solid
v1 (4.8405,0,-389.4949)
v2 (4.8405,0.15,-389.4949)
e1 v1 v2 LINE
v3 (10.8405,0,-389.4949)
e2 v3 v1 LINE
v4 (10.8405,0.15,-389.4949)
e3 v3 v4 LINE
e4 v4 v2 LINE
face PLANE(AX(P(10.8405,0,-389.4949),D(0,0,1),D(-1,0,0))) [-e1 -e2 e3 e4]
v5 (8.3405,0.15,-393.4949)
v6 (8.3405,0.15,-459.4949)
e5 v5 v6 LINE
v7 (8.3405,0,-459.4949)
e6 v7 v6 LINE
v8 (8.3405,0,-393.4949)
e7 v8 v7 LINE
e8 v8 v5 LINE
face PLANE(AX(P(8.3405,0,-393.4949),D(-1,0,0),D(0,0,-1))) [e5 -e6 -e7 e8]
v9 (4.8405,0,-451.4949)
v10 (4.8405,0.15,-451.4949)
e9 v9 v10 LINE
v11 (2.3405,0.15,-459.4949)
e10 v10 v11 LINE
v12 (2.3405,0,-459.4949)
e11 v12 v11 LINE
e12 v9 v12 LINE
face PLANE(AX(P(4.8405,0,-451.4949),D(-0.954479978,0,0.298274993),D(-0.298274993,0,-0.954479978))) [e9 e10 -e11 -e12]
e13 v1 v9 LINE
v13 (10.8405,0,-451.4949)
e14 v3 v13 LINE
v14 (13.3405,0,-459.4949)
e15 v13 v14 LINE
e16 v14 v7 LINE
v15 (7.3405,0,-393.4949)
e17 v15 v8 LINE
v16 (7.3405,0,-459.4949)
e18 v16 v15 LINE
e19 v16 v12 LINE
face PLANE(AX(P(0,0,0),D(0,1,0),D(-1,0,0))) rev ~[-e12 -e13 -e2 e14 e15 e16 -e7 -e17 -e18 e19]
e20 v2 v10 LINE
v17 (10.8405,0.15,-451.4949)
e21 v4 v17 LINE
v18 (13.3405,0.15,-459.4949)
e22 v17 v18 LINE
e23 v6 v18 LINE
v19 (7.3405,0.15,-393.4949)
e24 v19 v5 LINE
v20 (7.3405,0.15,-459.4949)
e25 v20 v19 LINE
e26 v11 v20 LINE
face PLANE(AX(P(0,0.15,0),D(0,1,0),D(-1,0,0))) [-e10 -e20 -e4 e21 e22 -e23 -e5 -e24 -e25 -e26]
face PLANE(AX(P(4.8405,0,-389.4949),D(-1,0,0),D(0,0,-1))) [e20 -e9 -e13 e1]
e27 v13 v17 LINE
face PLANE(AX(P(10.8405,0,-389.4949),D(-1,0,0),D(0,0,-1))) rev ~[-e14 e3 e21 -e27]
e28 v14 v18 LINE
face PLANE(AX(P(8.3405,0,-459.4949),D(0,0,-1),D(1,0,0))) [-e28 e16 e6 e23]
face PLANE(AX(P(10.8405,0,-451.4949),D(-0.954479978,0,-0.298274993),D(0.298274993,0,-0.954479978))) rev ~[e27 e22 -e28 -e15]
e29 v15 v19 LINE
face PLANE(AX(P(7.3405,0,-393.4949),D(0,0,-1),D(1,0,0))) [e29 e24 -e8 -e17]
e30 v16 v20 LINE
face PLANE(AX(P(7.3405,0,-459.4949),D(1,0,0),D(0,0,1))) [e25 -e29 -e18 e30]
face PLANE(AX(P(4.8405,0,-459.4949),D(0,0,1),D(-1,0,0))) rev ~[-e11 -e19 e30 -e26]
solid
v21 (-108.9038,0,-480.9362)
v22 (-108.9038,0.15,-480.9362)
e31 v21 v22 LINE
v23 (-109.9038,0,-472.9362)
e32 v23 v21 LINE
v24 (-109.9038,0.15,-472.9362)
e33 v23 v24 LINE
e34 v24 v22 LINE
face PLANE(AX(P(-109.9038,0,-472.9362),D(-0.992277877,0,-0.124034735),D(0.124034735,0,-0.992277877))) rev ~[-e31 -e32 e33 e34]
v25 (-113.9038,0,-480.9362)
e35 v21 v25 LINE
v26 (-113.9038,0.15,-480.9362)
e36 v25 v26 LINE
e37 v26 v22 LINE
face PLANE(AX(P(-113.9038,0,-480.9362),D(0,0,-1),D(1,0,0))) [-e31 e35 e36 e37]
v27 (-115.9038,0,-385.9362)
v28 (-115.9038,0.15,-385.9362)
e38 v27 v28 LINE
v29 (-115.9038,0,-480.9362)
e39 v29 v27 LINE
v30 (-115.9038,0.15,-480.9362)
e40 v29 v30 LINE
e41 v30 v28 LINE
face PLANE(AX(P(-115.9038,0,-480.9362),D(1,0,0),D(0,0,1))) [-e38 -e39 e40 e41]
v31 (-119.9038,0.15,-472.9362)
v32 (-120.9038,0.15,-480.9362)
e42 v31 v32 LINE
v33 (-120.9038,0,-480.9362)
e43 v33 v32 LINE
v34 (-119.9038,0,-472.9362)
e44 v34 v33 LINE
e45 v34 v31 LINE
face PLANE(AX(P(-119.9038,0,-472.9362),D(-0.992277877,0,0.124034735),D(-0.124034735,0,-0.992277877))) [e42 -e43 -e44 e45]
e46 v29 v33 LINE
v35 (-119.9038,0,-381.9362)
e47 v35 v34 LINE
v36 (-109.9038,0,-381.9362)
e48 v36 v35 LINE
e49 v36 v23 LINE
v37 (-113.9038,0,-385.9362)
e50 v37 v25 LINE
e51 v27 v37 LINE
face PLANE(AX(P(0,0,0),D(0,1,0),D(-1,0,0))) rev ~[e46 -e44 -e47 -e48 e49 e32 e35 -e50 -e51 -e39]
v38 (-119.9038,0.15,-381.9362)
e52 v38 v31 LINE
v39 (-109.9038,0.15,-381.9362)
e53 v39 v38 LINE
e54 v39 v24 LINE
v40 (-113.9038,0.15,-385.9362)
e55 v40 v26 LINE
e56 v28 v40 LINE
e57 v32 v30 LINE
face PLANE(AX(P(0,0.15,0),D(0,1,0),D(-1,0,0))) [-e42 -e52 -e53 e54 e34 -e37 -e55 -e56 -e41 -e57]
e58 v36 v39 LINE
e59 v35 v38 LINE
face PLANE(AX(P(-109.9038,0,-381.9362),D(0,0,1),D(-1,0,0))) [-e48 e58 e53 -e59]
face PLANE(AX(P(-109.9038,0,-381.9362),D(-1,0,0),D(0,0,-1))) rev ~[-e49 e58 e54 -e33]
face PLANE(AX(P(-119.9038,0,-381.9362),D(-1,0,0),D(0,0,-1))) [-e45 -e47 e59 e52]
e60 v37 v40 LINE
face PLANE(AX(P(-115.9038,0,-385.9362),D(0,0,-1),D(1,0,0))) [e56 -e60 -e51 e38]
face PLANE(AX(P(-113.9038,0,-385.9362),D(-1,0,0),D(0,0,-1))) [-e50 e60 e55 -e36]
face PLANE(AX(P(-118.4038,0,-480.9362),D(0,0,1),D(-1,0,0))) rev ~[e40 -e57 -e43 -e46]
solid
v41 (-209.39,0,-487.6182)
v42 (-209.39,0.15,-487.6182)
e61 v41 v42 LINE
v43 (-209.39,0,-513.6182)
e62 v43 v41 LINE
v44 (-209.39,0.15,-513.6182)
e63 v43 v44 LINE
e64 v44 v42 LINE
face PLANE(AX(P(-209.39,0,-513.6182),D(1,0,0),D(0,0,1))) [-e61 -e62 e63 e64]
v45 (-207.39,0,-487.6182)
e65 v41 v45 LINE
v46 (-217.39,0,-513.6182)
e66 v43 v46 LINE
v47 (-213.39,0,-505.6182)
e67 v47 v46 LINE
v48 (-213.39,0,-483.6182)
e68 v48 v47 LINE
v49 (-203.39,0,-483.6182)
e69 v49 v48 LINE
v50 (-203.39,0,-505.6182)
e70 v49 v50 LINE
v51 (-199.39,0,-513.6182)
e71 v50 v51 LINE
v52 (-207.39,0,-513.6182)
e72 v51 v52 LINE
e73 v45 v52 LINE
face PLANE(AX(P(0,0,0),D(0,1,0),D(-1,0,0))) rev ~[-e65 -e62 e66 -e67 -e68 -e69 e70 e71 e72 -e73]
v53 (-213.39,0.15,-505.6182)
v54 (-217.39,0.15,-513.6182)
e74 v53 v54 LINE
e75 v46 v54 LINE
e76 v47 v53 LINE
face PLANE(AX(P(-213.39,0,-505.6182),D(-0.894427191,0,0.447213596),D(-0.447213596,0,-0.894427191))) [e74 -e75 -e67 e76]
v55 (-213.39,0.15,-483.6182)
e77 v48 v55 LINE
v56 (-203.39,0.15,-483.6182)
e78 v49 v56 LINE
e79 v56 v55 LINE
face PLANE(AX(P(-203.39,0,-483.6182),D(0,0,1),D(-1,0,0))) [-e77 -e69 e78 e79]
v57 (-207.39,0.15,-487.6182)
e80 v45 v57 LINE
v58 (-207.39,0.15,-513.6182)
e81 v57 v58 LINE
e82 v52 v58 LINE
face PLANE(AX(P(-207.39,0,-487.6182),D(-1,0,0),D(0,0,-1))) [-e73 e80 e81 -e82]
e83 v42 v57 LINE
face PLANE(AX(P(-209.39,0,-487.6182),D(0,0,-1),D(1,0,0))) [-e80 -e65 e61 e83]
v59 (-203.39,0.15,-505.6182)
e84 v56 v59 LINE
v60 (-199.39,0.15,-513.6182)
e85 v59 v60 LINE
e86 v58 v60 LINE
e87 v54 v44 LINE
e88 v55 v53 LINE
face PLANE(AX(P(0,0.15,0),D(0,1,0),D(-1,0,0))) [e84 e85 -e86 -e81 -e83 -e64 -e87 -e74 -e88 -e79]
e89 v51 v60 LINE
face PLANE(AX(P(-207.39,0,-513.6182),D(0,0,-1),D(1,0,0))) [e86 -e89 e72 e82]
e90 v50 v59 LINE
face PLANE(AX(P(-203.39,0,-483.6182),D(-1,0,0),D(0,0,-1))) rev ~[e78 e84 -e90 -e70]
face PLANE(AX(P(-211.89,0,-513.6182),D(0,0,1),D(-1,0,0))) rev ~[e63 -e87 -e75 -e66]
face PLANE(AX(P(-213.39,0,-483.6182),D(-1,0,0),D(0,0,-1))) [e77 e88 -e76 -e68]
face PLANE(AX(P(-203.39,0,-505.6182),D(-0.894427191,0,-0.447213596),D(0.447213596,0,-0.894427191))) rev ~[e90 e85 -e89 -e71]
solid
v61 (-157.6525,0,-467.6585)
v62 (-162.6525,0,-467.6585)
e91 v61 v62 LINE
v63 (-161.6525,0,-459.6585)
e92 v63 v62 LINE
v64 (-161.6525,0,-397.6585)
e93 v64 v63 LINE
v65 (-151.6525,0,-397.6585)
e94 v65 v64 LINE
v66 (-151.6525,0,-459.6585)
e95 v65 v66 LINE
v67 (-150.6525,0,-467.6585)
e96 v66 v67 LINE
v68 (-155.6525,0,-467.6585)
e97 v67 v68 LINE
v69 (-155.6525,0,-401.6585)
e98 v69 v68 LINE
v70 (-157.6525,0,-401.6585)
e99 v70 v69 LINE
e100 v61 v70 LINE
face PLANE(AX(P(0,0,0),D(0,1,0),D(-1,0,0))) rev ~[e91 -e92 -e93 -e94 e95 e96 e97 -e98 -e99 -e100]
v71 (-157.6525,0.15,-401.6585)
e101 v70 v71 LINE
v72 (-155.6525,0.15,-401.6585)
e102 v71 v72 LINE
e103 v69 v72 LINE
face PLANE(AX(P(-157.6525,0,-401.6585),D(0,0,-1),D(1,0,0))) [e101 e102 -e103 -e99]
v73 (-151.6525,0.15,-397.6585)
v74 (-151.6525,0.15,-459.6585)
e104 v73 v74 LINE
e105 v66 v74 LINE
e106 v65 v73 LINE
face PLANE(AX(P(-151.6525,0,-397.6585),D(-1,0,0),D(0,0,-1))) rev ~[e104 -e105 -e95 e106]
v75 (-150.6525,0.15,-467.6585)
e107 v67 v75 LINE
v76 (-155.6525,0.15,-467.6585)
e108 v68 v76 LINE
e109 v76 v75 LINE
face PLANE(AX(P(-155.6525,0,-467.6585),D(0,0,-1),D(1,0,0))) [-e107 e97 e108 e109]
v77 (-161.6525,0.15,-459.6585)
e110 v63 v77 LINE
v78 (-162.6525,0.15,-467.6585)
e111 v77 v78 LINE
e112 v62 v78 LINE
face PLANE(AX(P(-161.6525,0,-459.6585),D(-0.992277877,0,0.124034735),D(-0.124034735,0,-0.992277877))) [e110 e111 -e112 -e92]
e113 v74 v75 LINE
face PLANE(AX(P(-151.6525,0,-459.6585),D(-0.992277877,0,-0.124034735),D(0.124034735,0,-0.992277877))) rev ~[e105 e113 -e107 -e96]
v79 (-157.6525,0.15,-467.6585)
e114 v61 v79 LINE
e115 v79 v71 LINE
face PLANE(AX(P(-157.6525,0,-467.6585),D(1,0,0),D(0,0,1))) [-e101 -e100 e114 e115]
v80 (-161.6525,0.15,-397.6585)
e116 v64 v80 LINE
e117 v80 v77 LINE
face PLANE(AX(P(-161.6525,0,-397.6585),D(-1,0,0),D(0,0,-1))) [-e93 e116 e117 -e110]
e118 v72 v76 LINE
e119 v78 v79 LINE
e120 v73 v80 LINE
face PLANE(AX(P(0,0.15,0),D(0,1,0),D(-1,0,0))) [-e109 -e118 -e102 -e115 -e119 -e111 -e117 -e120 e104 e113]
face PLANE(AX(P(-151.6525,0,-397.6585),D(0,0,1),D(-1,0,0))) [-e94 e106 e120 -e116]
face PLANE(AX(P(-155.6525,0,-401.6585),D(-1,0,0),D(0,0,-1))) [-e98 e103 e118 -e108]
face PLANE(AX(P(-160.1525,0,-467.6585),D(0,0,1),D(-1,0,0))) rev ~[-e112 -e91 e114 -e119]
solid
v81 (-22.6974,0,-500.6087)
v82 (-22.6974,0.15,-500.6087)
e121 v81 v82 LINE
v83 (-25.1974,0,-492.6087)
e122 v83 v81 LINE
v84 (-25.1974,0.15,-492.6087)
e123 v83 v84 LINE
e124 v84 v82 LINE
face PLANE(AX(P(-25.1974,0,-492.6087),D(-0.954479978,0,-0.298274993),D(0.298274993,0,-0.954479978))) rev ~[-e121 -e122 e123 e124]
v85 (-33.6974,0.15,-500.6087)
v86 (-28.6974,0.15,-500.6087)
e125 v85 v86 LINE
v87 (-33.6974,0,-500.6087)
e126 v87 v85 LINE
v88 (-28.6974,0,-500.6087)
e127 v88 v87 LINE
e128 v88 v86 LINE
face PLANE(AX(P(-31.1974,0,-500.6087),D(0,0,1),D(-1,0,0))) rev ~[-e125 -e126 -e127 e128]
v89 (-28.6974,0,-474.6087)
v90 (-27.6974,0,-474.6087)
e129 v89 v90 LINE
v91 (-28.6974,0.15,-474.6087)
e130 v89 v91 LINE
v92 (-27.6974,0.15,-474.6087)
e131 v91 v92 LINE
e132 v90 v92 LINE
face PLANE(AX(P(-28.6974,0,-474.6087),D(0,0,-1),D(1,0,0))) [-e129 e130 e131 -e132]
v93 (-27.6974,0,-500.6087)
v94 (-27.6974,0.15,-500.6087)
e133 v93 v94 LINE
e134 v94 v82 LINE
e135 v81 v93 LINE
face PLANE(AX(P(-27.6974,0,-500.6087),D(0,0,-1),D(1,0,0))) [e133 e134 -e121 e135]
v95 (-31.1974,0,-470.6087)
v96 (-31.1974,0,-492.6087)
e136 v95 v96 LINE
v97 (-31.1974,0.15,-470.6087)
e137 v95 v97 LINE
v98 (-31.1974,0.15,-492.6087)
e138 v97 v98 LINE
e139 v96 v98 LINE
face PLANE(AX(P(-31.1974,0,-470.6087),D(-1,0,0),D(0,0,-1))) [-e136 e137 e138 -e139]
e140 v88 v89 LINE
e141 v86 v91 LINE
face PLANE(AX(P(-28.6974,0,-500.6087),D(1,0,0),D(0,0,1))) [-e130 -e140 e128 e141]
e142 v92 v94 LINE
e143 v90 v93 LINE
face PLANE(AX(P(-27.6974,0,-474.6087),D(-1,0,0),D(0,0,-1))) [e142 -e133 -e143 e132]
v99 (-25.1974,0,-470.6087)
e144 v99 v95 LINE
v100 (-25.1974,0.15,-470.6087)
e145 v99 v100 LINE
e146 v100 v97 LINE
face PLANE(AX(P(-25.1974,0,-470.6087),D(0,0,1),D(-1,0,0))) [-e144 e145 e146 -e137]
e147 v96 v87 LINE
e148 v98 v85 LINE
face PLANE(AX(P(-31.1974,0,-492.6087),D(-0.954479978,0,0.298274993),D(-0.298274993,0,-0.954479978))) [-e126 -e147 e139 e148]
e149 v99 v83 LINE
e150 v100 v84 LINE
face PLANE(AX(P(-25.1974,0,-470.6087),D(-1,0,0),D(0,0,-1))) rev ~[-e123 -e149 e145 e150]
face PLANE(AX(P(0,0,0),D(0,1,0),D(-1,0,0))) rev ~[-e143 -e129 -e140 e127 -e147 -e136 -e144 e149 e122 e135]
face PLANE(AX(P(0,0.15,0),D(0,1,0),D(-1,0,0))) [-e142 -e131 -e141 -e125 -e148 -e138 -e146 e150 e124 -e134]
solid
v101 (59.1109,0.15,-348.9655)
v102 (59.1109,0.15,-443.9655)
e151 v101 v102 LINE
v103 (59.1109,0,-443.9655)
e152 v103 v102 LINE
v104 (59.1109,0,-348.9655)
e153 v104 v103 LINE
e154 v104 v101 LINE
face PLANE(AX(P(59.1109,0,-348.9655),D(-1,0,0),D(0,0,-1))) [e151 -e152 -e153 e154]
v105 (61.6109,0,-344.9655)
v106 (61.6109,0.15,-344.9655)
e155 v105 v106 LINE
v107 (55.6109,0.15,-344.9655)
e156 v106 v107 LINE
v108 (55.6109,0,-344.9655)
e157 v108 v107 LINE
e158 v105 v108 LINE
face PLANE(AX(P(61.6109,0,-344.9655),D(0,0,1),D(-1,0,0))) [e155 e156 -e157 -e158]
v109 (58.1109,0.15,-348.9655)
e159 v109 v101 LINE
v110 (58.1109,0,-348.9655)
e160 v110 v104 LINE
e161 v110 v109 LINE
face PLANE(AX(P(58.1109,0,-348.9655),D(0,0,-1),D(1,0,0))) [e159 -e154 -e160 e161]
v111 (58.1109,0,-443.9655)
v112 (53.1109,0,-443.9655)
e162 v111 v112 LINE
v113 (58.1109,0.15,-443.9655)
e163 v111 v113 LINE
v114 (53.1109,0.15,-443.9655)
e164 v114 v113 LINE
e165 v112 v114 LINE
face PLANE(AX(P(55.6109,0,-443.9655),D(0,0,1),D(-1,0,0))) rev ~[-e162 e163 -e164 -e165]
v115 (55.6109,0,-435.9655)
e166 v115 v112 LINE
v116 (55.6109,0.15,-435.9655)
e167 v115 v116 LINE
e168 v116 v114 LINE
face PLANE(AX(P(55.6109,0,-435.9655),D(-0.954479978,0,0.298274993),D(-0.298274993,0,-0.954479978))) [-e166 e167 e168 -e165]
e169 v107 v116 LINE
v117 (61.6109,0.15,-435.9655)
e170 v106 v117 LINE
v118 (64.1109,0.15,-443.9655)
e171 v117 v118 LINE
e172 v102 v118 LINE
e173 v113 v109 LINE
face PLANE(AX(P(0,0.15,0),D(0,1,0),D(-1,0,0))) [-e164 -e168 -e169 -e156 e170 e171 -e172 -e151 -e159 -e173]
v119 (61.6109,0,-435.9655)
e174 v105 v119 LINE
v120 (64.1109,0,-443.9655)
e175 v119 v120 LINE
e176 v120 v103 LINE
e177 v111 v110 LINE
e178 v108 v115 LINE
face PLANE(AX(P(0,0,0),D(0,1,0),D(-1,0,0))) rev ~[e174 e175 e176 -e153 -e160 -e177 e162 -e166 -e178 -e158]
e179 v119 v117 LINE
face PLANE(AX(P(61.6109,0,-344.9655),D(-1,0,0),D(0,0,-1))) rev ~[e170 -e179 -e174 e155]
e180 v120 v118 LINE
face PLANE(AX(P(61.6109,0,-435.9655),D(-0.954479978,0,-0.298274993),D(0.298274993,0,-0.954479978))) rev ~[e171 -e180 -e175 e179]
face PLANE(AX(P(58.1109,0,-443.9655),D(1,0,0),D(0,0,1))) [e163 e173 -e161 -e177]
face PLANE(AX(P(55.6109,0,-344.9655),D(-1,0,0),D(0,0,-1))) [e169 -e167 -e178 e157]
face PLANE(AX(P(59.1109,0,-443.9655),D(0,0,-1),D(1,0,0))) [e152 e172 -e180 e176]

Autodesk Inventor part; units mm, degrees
ref_plane "YZ Plane" through (0, 0, 0) normal (1, 0, 0) x (0, 1, 0)
ref_plane "XZ Plane" through (0, 0, 0) normal (0, 1, 0) x (-1, 0, 0)
ref_plane "XY Plane" through (0, 0, 0) normal (0, 0, 1) x (1, 0, 0)
sketch "Schizzo1" plane through (0, 0, 0) normal (0, 1, 0) x (-1, 0, 0)
  line L0 (-103.5, 44) -> (-103.5, -44)
  line L1 (-103.5, 44) -> (12.5, 44)
  line L2 (12.5, 44) -> (12.5, -44)
  line L3 (12.5, -44) -> (-103.5, -44)
  line L4 (-103.5, -44) -> (-103.5, 44)
  line L5 (96.5, 22) -> (12.5, 22)
  line L6 (-103.5, 44) -> (81.5, 44)
  line L7 (81.5, 44) -> (81.5, 22)
  line L8 (81.5, 0) -> (81.5, -22)
  line L9 (-103.5, -44) -> (60.5, -44)
  line L10 (60.5, -44) -> (60.5, -22)
  line L11 (96.5, 22) -> (96.5, 0)
  line L12 (81.5, -22) -> (60.5, -22)
  line L13 (12.5, -22) -> (60.5, -22)
  line L14 (96.5, 0) -> (12.5, 0)
  line L15 (-61.6109, -344.9655) -> (-55.6109, -344.9655)
  line L16 (-58.1109, -443.9655) -> (-58.1109, -348.9655)
  line L17 (-58.1109, -348.9655) -> (-59.1109, -348.9655)
  line L18 (-59.1109, -348.9655) -> (-59.1109, -443.9655)
  line L19 (-61.6109, -435.9655) -> (-64.1109, -443.9655)
  line L20 (-59.7734, -443.9655) -> (-64.1109, -443.9655)
  line L21 (-55.6109, -443.9655) -> (-53.1109, -443.9655)
  line L22 (-61.6109, -344.9655) -> (-61.6109, -435.9655)
  line L23 (-55.6109, -344.9655) -> (-55.6109, -435.9655)
  line L24 (-59.1109, -443.9655) -> (-59.7734, -443.9655)
  line L25 (-55.6109, -443.9655) -> (-58.1109, -443.9655)
  line L26 (-55.6109, -435.9655) -> (-53.1109, -443.9655)
  line L27 (109.9038, -381.9362) -> (119.9038, -381.9362)
  line L28 (115.9038, -480.9362) -> (115.9038, -385.9362)
  line L29 (115.9038, -385.9362) -> (113.9038, -385.9362)
  line L30 (113.9038, -385.9362) -> (113.9038, -480.9362)
  line L31 (109.9038, -472.9362) -> (108.9038, -480.9362)
  line L32 (113.2413, -480.9362) -> (108.9038, -480.9362)
  line L33 (118.4038, -480.9362) -> (120.9038, -480.9362)
  line L34 (109.9038, -381.9362) -> (109.9038, -472.9362)
  line L35 (119.9038, -381.9362) -> (119.9038, -472.9362)
  line L36 (113.9038, -480.9362) -> (113.2413, -480.9362)
  line L37 (118.4038, -480.9362) -> (115.9038, -480.9362)
  line L38 (119.9038, -472.9362) -> (120.9038, -480.9362)
  line L39 (-10.8405, -389.4949) -> (-4.8405, -389.4949)
  line L40 (-7.3405, -459.4949) -> (-7.3405, -393.4949)
  line L41 (-7.3405, -393.4949) -> (-8.3405, -393.4949)
  line L42 (-8.3405, -393.4949) -> (-8.3405, -459.4949)
  line L43 (-10.8405, -451.4949) -> (-13.3405, -459.4949)
  line L44 (-9.0029, -459.4949) -> (-13.3405, -459.4949)
  line L45 (-4.8405, -459.4949) -> (-2.3405, -459.4949)
  line L46 (-10.8405, -389.4949) -> (-10.8405, -451.4949)
  line L47 (-4.8405, -389.4949) -> (-4.8405, -451.4949)
  line L48 (-8.3405, -459.4949) -> (-9.0029, -459.4949)
  line L49 (-4.8405, -459.4949) -> (-7.3405, -459.4949)
  line L50 (-4.8405, -451.4949) -> (-2.3405, -459.4949)
  line L51 (25.1974, -470.6087) -> (31.1974, -470.6087)
  line L52 (28.6974, -500.6087) -> (28.6974, -474.6087)
  line L53 (28.6974, -474.6087) -> (27.6974, -474.6087)
  line L54 (27.6974, -474.6087) -> (27.6974, -500.6087)
  line L55 (25.1974, -492.6087) -> (22.6974, -500.6087)
  line L56 (27.0349, -500.6087) -> (22.6974, -500.6087)
  line L57 (31.1974, -500.6087) -> (33.6974, -500.6087)
  line L58 (25.1974, -470.6087) -> (25.1974, -492.6087)
  line L59 (31.1974, -470.6087) -> (31.1974, -492.6087)
  line L60 (27.6974, -500.6087) -> (27.0349, -500.6087)
  line L61 (31.1974, -500.6087) -> (28.6974, -500.6087)
  line L62 (31.1974, -492.6087) -> (33.6974, -500.6087)
  line L63 (151.6525, -397.6585) -> (161.6525, -397.6585)
  line L64 (157.6525, -401.6585) -> (155.6525, -401.6585)
  line L65 (160.1525, -467.6585) -> (162.6525, -467.6585)
  line L66 (161.6525, -459.6585) -> (162.6525, -467.6585)
  line L67 (160.1525, -467.6585) -> (157.6525, -467.6585)
  line L68 (155.6525, -467.6585) -> (154.99, -467.6585)
  line L69 (157.6525, -467.6585) -> (157.6525, -401.6585)
  line L70 (155.6525, -401.6585) -> (155.6525, -467.6585)
  line L71 (161.6525, -397.6585) -> (161.6525, -459.6585)
  line L72 (151.6525, -397.6585) -> (151.6525, -459.6585)
  line L73 (151.6525, -459.6585) -> (150.6525, -467.6585)
  line L74 (154.99, -467.6585) -> (150.6525, -467.6585)
  line L75 (203.39, -483.6182) -> (213.39, -483.6182)
  line L76 (209.39, -487.6182) -> (207.39, -487.6182)
  line L77 (211.89, -513.6182) -> (217.39, -513.6182)
  line L78 (213.39, -505.6182) -> (217.39, -513.6182)
  line L79 (211.89, -513.6182) -> (209.39, -513.6182)
  line L80 (207.39, -513.6182) -> (206.7275, -513.6182)
  line L81 (209.39, -513.6182) -> (209.39, -487.6182)
  line L82 (207.39, -487.6182) -> (207.39, -513.6182)
  line L83 (213.39, -483.6182) -> (213.39, -505.6182)
  line L84 (203.39, -483.6182) -> (203.39, -505.6182)
  line L85 (203.39, -505.6182) -> (199.39, -513.6182)
  line L86 (206.7275, -513.6182) -> (199.39, -513.6182)
  point P0 (0, 0)
  point P1 (-7.8405, -389.4949)
  point P2 (-7.8405, -393.4949)
  point P3 (-6.0905, -459.4949)
  point P4 (28.1974, -470.6087)
  point P5 (28.1974, -474.6087)
  point P6 (29.9474, -500.6087)
  point P7 (156.6525, -397.6585)
  point P8 (156.6525, -401.6585)
  point P9 (161.4025, -467.6585)
  point P10 (208.39, -483.6182)
  point P11 (208.39, -487.6182)
  point P12 (214.64, -513.6182)
  dimension "d2" = 116
  dimension "d3" = 185
  dimension "d4" = 164
  dimension "d5" = 200
  dimension "d18" = 5
  dimension "d19" = 1
  dimension "d20" = 2.5
  dimension "d21" = 5
  dimension "d22" = 2.5
  dimension "d23" = 5
  dimension "d26" = 5
  dimension "d29" = 4
  dimension "d30" = 4
  dimension "d32" = 2
  dimension "d35" = 5
  dimension "d36" = 1
  dimension "d37" = 2.5
  dimension "d38" = 5
  dimension "d39" = 2.5
  dimension "d40" = 4
  dimension "d41" = 70
  dimension "d42" = 5
  dimension "d43" = 1
  dimension "d44" = 2.5
  dimension "d45" = 5
  dimension "d46" = 2.5
  dimension "d47" = 4
  dimension "d48" = 30
  dimension "d49" = 5
  dimension "d50" = 5
  dimension "d51" = 4
  dimension "d52" = 4
  dimension "d53" = 2
  dimension "d54" = 4
  dimension "d55" = 70
  dimension "d56" = 8
  dimension "d57" = 8
  dimension "d58" = 4
  dimension "d59" = 4
  dimension "d60" = 2
  dimension "d61" = 4
  dimension "d62" = 30
  dimension "d63" = 6
extrude "Estrusione1" add sketch "Schizzo1" along normal blind 0.15 contours L15 L23 L26 L21 L25 L16 L17 L18 L24 L20 L19 L22 | L27 L35 L38 L33 L37 L28 L29 L30 L36 L32 L31 L34 | L39 L47 L50 L45 L49 L40 L41 L42 L48 L44 L43 L46 | L51 L59 L62 L57 L61 L52 L53 L54 L60 L56 L55 L58 | L63 L71 L66 L65 L67 L69 L64 L70 L68 L74 L73 L72 | L75 L83 L78 L77 L79 L81 L76 L82 L80 L86 L85 L84
properties part number "Design_Sensori"
